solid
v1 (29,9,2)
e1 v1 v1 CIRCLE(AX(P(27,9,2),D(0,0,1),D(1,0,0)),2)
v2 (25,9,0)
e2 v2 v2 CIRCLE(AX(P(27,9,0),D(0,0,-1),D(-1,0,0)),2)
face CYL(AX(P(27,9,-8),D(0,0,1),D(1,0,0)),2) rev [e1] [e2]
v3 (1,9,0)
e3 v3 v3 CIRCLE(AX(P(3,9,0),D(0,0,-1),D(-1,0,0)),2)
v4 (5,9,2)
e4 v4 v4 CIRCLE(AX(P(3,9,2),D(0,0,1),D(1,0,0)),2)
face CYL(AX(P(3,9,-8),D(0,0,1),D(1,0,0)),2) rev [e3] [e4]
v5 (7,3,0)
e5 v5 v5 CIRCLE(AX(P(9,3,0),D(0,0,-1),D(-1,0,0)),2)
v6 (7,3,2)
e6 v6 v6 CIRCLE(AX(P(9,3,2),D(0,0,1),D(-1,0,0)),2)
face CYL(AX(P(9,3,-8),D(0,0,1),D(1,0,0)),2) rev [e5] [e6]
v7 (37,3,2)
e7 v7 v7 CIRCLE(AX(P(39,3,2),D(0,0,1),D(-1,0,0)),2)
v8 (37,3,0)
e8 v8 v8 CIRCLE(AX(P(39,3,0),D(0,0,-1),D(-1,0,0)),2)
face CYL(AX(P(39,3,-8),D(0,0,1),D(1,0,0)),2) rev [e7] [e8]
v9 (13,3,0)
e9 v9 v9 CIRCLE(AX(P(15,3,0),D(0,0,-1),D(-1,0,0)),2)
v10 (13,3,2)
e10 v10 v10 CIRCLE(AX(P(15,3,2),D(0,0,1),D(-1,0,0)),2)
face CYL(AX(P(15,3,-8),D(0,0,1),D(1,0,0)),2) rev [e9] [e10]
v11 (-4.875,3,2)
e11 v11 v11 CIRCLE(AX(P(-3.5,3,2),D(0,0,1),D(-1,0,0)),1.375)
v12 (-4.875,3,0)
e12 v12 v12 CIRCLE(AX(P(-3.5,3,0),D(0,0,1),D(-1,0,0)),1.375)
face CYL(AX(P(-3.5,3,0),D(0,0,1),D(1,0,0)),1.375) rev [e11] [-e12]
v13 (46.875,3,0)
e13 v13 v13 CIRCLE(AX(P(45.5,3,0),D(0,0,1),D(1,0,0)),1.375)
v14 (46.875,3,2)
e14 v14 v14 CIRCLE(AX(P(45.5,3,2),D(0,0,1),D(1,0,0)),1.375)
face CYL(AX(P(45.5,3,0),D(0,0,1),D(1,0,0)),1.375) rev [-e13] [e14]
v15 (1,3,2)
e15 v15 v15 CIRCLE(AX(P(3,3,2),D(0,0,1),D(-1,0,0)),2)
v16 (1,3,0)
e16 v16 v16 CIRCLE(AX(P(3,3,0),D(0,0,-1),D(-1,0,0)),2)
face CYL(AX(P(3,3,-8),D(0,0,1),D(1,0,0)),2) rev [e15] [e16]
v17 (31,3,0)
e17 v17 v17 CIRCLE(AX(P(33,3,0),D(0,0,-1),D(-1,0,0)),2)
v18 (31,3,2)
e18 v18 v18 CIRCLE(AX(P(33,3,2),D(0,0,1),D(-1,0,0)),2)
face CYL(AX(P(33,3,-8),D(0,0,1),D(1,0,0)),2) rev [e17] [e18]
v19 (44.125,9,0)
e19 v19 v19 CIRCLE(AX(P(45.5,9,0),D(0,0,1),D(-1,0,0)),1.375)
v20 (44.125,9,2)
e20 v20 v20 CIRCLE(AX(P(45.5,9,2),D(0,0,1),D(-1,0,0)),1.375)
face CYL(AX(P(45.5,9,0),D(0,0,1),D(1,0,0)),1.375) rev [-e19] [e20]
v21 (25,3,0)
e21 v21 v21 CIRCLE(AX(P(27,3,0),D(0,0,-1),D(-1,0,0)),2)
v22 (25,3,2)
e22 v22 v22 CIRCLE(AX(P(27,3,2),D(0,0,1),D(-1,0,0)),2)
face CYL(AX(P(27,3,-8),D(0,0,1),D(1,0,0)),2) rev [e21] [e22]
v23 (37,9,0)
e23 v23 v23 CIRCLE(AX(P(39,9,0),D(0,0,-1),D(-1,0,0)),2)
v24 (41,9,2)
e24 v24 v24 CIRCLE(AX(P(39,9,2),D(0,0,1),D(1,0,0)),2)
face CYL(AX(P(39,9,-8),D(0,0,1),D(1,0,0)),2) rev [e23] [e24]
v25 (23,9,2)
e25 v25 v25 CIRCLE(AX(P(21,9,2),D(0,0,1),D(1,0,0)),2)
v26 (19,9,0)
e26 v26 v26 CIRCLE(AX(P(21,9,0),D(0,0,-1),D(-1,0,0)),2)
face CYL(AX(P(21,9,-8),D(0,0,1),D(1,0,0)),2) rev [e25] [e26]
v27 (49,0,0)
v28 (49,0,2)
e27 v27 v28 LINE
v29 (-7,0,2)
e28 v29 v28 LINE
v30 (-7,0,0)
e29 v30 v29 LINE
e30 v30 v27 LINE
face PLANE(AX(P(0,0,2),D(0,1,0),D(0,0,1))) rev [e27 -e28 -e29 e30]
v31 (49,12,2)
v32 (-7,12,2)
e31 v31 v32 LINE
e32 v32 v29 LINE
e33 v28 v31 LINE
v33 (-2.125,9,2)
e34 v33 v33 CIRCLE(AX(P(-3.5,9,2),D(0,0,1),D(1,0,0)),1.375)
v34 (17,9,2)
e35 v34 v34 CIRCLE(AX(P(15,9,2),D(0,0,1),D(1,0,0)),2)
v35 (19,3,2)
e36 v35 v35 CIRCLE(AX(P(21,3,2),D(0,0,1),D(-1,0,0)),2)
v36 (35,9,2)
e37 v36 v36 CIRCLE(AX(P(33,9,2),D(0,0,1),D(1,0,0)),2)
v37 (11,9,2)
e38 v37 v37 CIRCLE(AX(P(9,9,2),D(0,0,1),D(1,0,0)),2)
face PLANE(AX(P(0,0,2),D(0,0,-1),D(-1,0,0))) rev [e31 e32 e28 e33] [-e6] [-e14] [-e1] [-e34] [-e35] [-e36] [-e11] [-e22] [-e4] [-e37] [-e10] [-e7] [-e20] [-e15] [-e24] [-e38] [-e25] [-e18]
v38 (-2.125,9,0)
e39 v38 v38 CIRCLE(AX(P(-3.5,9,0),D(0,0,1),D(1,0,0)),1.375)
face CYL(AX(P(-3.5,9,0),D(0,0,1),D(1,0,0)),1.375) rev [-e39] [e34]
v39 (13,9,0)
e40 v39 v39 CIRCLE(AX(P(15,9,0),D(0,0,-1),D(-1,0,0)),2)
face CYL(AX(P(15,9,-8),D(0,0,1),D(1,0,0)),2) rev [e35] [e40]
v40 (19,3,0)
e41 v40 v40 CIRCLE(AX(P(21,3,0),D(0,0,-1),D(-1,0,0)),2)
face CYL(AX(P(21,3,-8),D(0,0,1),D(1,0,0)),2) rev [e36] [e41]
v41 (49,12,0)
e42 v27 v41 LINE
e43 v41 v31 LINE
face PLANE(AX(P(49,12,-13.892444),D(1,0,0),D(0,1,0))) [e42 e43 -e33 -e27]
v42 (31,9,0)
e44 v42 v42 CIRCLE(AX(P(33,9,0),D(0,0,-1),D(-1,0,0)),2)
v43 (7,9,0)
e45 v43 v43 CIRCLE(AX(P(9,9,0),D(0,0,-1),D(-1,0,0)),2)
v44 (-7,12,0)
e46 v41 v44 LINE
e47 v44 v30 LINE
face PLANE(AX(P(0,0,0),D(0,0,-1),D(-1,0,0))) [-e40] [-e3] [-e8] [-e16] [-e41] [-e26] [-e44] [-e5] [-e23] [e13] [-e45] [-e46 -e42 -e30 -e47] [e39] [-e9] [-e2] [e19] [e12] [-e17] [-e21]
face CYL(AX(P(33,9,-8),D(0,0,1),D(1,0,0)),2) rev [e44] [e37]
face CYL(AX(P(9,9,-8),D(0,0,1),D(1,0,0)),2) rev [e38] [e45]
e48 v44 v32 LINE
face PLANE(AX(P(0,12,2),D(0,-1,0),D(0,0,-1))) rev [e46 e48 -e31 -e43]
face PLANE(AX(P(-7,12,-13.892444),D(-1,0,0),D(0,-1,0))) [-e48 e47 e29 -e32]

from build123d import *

# Parameters (mm, degrees)
SKETCH1_W           = 42
SKETCH1_H           = 12
TAILLIGHTBASE_DEPTH = 2
SKETCH3_W           = 7
SKETCH3_H           = 12
MOUNTINGTABS_DEPTH  = 2
SKETCH4_R           = 1.375
MOUNTINGHOLES_DEPTH = 2
SKETCH5_R           = 2
CUT_EXTRUDE1_DEPTH  = 10


with BuildPart() as part:
    # Sketch1 → tailLightBase (new body)
    with BuildSketch(Plane.XY):
        with Locations((21, 6)):
            Rectangle(SKETCH1_W, SKETCH1_H)
    extrude(amount=TAILLIGHTBASE_DEPTH)

    # Sketch3 → mountingTabs (add)
    with BuildSketch(Plane.XY.offset(2)):
        with Locations((-3.5, 6)):
            Rectangle(SKETCH3_W, SKETCH3_H)
        with Locations((45.5, 6)):
            Rectangle(SKETCH3_W, SKETCH3_H)
    extrude(amount=-MOUNTINGTABS_DEPTH)

    # Sketch4 → mountingHoles (cut)
    with BuildSketch(Plane.XY.offset(2)):
        with Locations((-3.5, 9)):
            Circle(SKETCH4_R)
        with Locations((45.5, 9)):
            Circle(SKETCH4_R)
        with Locations((-3.5, 3)):
            Circle(SKETCH4_R)
        with Locations((45.5, 3)):
            Circle(SKETCH4_R)
    extrude(amount=-MOUNTINGHOLES_DEPTH, mode=Mode.SUBTRACT)

    # Sketch5 → Cut-Extrude1 (cut)
    with BuildSketch(Plane.XY.offset(2)):
        with Locations((3, 9)):
            Circle(SKETCH5_R)
        with Locations((9, 9)):
            Circle(SKETCH5_R)
        with Locations((15, 9)):
            Circle(SKETCH5_R)
        with Locations((21, 9)):
            Circle(SKETCH5_R)
        with Locations((27, 9)):
            Circle(SKETCH5_R)
        with Locations((33, 9)):
            Circle(SKETCH5_R)
        with Locations((39, 9)):
            Circle(SKETCH5_R)
        with Locations((39, 3)):
            Circle(SKETCH5_R)
        with Locations((33, 3)):
            Circle(SKETCH5_R)
        with Locations((27, 3)):
            Circle(SKETCH5_R)
        with Locations((21, 3)):
            Circle(SKETCH5_R)
        with Locations((15, 3)):
            Circle(SKETCH5_R)
        with Locations((9, 3)):
            Circle(SKETCH5_R)
        with Locations((3, 3)):
            Circle(SKETCH5_R)
    extrude(amount=-CUT_EXTRUDE1_DEPTH, mode=Mode.SUBTRACT)


solid = part.part
